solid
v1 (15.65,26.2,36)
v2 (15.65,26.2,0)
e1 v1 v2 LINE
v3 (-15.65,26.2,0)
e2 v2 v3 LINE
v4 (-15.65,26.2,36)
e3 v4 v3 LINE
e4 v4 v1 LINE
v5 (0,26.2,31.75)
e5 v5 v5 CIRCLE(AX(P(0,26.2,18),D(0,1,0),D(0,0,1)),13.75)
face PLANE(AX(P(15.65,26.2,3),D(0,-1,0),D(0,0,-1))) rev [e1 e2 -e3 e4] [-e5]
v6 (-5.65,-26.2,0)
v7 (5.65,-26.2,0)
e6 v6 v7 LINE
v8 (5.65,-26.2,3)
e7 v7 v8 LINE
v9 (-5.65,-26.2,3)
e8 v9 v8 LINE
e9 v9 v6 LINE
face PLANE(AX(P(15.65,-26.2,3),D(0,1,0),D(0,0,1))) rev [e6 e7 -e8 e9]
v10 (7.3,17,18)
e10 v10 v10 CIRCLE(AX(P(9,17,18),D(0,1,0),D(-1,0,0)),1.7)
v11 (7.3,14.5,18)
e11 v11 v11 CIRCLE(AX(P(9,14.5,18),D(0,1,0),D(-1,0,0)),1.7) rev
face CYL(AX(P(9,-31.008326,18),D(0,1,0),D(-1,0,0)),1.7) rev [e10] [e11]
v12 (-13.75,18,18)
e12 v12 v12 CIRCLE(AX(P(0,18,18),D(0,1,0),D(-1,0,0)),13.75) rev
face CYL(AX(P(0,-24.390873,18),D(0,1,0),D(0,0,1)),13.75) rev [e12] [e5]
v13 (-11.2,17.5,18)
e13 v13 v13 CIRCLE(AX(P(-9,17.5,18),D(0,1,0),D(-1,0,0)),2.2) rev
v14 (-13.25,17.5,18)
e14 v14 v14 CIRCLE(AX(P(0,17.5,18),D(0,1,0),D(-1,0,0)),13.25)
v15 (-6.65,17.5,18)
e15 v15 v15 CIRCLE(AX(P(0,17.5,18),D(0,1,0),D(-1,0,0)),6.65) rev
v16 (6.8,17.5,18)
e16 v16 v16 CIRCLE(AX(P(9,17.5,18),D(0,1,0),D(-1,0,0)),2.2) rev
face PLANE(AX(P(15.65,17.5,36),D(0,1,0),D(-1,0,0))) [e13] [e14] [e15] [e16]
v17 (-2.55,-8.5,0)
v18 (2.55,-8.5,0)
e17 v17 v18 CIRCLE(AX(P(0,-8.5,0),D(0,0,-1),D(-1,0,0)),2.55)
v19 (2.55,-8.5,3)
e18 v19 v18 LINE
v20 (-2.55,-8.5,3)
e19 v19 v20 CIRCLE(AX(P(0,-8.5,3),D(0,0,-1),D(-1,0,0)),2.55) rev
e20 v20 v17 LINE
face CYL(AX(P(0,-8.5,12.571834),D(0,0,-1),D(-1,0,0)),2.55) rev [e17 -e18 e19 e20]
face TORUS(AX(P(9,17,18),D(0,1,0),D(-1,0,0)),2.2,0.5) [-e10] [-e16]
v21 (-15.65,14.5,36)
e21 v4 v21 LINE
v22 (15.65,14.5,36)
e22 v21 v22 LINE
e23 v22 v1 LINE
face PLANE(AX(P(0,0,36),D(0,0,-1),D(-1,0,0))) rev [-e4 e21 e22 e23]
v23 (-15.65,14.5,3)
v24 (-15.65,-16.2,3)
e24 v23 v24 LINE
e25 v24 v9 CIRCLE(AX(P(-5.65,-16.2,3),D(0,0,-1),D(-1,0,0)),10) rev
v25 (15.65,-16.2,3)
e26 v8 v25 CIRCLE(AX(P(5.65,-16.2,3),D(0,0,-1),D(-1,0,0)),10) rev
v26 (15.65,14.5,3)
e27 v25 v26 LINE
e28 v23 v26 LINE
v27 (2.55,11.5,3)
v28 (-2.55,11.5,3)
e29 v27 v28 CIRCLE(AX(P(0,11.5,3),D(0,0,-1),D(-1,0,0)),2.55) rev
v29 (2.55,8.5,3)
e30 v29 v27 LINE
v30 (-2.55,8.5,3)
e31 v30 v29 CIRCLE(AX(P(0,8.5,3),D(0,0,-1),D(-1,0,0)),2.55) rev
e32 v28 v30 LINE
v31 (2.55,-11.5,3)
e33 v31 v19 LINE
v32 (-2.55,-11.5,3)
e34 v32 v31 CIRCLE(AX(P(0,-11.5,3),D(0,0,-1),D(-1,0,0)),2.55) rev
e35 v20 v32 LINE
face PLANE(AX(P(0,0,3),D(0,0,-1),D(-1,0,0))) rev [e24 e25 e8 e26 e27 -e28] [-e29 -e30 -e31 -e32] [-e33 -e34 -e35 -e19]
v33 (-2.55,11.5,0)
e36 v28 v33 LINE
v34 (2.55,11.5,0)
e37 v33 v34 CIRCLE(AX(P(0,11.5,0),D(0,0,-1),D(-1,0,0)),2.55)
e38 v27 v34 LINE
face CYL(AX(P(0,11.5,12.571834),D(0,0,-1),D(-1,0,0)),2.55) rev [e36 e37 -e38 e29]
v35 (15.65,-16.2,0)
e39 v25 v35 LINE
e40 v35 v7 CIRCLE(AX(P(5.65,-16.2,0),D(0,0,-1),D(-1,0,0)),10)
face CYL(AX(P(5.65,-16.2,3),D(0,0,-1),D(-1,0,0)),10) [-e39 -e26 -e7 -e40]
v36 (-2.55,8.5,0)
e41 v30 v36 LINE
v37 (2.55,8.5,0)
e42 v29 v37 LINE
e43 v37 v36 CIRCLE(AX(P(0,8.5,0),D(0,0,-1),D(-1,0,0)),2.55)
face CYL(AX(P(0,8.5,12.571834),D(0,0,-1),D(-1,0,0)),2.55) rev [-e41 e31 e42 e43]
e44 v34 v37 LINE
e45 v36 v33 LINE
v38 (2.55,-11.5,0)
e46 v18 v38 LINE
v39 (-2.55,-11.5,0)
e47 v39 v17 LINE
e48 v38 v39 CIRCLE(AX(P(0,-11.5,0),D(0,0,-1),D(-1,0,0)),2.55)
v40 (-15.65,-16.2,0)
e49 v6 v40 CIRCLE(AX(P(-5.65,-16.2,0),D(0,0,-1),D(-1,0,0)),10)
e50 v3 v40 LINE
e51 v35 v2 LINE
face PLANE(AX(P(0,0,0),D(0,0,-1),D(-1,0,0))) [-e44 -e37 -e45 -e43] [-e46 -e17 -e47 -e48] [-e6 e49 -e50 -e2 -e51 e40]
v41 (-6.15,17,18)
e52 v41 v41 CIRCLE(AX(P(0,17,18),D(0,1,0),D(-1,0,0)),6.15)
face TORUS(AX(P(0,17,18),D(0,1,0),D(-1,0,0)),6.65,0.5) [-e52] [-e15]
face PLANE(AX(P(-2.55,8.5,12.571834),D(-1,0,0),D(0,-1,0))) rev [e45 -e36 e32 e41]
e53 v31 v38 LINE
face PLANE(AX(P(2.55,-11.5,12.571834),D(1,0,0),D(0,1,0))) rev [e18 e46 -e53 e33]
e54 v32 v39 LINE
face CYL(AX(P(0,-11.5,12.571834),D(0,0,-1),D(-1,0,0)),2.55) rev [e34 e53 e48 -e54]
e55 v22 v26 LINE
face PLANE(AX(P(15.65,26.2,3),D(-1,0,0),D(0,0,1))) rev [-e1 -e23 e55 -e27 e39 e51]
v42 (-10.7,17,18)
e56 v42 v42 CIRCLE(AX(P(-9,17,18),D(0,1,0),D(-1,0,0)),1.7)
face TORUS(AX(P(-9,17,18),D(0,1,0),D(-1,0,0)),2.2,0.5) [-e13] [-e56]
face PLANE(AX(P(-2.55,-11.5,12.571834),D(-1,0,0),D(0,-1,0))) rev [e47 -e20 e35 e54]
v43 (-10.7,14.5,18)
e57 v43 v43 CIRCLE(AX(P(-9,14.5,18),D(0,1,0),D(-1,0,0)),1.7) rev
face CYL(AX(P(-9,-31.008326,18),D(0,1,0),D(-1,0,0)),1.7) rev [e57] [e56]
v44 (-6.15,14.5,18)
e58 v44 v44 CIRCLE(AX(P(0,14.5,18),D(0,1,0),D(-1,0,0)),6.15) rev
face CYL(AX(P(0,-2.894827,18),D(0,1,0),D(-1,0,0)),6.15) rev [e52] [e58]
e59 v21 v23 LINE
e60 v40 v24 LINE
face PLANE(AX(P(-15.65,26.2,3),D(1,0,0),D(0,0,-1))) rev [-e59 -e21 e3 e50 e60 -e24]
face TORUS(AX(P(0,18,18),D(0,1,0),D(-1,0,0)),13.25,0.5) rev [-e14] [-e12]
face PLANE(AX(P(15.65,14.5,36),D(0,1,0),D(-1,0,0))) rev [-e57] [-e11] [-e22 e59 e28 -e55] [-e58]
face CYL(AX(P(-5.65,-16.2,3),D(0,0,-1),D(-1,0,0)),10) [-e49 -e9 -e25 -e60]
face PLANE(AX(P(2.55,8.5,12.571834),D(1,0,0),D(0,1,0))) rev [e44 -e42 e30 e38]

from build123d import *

# Parameters (mm, degrees)
SKETCH1_W                      = 31.3
SKETCH1_H                      = 52.4
BOSS_EXTRUDE1_DEPTH            = 3
SKETCH2_W                      = 31.3
SKETCH2_H                      = 3
BOSS_EXTRUDE2_DEPTH            = 33
SKETCH3_W                      = 31.3
SKETCH3_H                      = 8.7
BOSS_EXTRUDE3_DEPTH            = 33
SKETCH5_R                      = 13.75
CUT_EXTRUDE1_DEPTH             = 8.7
SKETCH6_R                      = 6.15
CUT_EXTRUDE2_DEPTH             = 3
CUT_EXTRUDE3_REACH             = 58.546
SKETCH7_R                      = 1.7
CUT_EXTRUDE3_DIRECTION_2_REACH = 58.546
FILLET4_R                      = 0.5
CUT_EXTRUDE6_DEPTH             = 3
FILLET5_R                      = 10


with BuildPart() as part:
    # Sketch1 → Boss-Extrude1 (new body)
    with BuildSketch(Plane.XY):
        Rectangle(SKETCH1_W, SKETCH1_H)
    extrude(amount=BOSS_EXTRUDE1_DEPTH)

    # Sketch2 → Boss-Extrude2 (add)
    with BuildSketch(Plane.XY.offset(3)):
        with Locations((0, 16)):
            Rectangle(SKETCH2_W, SKETCH2_H)
    extrude(amount=BOSS_EXTRUDE2_DEPTH)

    # Sketch3 → Boss-Extrude3 (add)
    with BuildSketch(Plane.XY.offset(3)):
        with Locations((0, 21.85)):
            Rectangle(SKETCH3_W, SKETCH3_H)
    extrude(amount=BOSS_EXTRUDE3_DEPTH)

    # Sketch5 → Cut-Extrude1 (cut)
    with BuildSketch(Plane(origin=(0, 26.2, 0), x_dir=(1, 0, 0), z_dir=(0, 1, 0))):
        with Locations(Location((0, -18, 0), (0, 0, 270))):
            Circle(SKETCH5_R)
    extrude(amount=-CUT_EXTRUDE1_DEPTH, mode=Mode.SUBTRACT)

    # Sketch6 → Cut-Extrude2 (cut)
    with BuildSketch(Plane(origin=(0, 17.5, 0), x_dir=(1, 0, 0), z_dir=(0, 1, 0))):
        with Locations(Location((0, -18, 0), (0, 0, 180))):
            Circle(SKETCH6_R)
    extrude(amount=-CUT_EXTRUDE2_DEPTH, mode=Mode.SUBTRACT)

    # Cut-Extrude3: up to this face of the body (flat: up to its plane)
    cut_extrude3_end = Plane(part.part.faces().sort_by_distance((0, -26.2, 1.5))[0])
    # Sketch7 → Cut-Extrude3 (cut, up to the picked face)
    with BuildSketch(Plane.XZ.offset(-14.5), mode=Mode.PRIVATE) as cut_extrude3_sk1:
        with Locations(Location((-9, 18, 0), (0, 0, 180))):
            Circle(SKETCH7_R)
    cut_extrude3_tool1 = split(extrude(cut_extrude3_sk1.sketch, amount=CUT_EXTRUDE3_REACH, mode=Mode.PRIVATE), bisect_by=cut_extrude3_end, keep=Keep.BOTH, mode=Mode.PRIVATE)
    # Sketch7 → Cut-Extrude3 (cut, up to the picked face)
    with BuildSketch(Plane.XZ.offset(-14.5), mode=Mode.PRIVATE) as cut_extrude3_sk2:
        with Locations(Location((9, 18, 0), (0, 0, 180))):
            Circle(SKETCH7_R)
    cut_extrude3_tool2 = split(extrude(cut_extrude3_sk2.sketch, amount=CUT_EXTRUDE3_REACH, mode=Mode.PRIVATE), bisect_by=cut_extrude3_end, keep=Keep.BOTH, mode=Mode.PRIVATE)
    add(cut_extrude3_tool1.solids().sort_by(Axis((-9, 14.5, 18), (0, -1, 0)))[0], mode=Mode.SUBTRACT)
    add(cut_extrude3_tool2.solids().sort_by(Axis((9, 14.5, 18), (0, -1, 0)))[0], mode=Mode.SUBTRACT)

    # Cut-Extrude3 direction 2: up to this face of the body (flat: up to its plane)
    cut_extrude3_direction_2_end = Plane(part.part.faces().sort_by_distance((0, 17.5, 4.63890873))[0])
    # Sketch7 → Cut-Extrude3 direction 2 (cut, up to the picked face)
    with BuildSketch(Plane.XZ.offset(-14.5), mode=Mode.PRIVATE) as cut_extrude3_direction_2_sk1:
        with Locations(Location((-9, 18, 0), (0, 0, 180))):
            Circle(SKETCH7_R)
    cut_extrude3_direction_2_tool1 = split(extrude(cut_extrude3_direction_2_sk1.sketch, amount=-CUT_EXTRUDE3_DIRECTION_2_REACH, mode=Mode.PRIVATE), bisect_by=cut_extrude3_direction_2_end, keep=Keep.BOTH, mode=Mode.PRIVATE)
    # Sketch7 → Cut-Extrude3 direction 2 (cut, up to the picked face)
    with BuildSketch(Plane.XZ.offset(-14.5), mode=Mode.PRIVATE) as cut_extrude3_direction_2_sk2:
        with Locations(Location((9, 18, 0), (0, 0, 180))):
            Circle(SKETCH7_R)
    cut_extrude3_direction_2_tool2 = split(extrude(cut_extrude3_direction_2_sk2.sketch, amount=-CUT_EXTRUDE3_DIRECTION_2_REACH, mode=Mode.PRIVATE), bisect_by=cut_extrude3_direction_2_end, keep=Keep.BOTH, mode=Mode.PRIVATE)
    add(cut_extrude3_direction_2_tool1.solids().sort_by(Axis((-9, 14.5, 18), (0, 1, 0)))[0], mode=Mode.SUBTRACT)
    add(cut_extrude3_direction_2_tool2.solids().sort_by(Axis((9, 14.5, 18), (0, 1, 0)))[0], mode=Mode.SUBTRACT)

    # Fillet4
    fillet4_edges = [part.edges().sort_by_distance(p)[0] for p in [
        (0, 17.5, 4.25),
        (6.15, 17.5, 18),
        (-7.3, 17.5, 18),
        (10.7, 17.5, 18),
    ]]
    fillet(fillet4_edges, radius=FILLET4_R)

    # Sketch10 → Cut-Extrude6 (cut)
    with BuildSketch(Plane(origin=(0, 0, 0), x_dir=(-1, 0, 0), z_dir=(0, 0, -1))):
        with BuildLine():
            Line((-2.55, -11.5), (-2.55, -8.5))
            ThreePointArc((-2.55, -8.5), (0, -5.95), (2.55, -8.5))
            Line((2.55, -8.5), (2.55, -11.5))
            ThreePointArc((2.55, -11.5), (0, -14.05), (-2.55, -11.5))
        make_face()
        with BuildLine():
            Line((-2.55, 8.5), (-2.55, 11.5))
            ThreePointArc((-2.55, 11.5), (0, 14.05), (2.55, 11.5))
            Line((2.55, 11.5), (2.55, 8.5))
            ThreePointArc((2.55, 8.5), (0, 5.95), (-2.55, 8.5))
        make_face()
    extrude(amount=-CUT_EXTRUDE6_DEPTH, mode=Mode.SUBTRACT)

    # Fillet5
    fillet5_edges = [part.edges().sort_by_distance(p)[0] for p in [
        (15.65, -26.2, 1.5),
        (-15.65, -26.2, 1.5),
    ]]
    fillet(fillet5_edges, radius=FILLET5_R)


solid = part.part
